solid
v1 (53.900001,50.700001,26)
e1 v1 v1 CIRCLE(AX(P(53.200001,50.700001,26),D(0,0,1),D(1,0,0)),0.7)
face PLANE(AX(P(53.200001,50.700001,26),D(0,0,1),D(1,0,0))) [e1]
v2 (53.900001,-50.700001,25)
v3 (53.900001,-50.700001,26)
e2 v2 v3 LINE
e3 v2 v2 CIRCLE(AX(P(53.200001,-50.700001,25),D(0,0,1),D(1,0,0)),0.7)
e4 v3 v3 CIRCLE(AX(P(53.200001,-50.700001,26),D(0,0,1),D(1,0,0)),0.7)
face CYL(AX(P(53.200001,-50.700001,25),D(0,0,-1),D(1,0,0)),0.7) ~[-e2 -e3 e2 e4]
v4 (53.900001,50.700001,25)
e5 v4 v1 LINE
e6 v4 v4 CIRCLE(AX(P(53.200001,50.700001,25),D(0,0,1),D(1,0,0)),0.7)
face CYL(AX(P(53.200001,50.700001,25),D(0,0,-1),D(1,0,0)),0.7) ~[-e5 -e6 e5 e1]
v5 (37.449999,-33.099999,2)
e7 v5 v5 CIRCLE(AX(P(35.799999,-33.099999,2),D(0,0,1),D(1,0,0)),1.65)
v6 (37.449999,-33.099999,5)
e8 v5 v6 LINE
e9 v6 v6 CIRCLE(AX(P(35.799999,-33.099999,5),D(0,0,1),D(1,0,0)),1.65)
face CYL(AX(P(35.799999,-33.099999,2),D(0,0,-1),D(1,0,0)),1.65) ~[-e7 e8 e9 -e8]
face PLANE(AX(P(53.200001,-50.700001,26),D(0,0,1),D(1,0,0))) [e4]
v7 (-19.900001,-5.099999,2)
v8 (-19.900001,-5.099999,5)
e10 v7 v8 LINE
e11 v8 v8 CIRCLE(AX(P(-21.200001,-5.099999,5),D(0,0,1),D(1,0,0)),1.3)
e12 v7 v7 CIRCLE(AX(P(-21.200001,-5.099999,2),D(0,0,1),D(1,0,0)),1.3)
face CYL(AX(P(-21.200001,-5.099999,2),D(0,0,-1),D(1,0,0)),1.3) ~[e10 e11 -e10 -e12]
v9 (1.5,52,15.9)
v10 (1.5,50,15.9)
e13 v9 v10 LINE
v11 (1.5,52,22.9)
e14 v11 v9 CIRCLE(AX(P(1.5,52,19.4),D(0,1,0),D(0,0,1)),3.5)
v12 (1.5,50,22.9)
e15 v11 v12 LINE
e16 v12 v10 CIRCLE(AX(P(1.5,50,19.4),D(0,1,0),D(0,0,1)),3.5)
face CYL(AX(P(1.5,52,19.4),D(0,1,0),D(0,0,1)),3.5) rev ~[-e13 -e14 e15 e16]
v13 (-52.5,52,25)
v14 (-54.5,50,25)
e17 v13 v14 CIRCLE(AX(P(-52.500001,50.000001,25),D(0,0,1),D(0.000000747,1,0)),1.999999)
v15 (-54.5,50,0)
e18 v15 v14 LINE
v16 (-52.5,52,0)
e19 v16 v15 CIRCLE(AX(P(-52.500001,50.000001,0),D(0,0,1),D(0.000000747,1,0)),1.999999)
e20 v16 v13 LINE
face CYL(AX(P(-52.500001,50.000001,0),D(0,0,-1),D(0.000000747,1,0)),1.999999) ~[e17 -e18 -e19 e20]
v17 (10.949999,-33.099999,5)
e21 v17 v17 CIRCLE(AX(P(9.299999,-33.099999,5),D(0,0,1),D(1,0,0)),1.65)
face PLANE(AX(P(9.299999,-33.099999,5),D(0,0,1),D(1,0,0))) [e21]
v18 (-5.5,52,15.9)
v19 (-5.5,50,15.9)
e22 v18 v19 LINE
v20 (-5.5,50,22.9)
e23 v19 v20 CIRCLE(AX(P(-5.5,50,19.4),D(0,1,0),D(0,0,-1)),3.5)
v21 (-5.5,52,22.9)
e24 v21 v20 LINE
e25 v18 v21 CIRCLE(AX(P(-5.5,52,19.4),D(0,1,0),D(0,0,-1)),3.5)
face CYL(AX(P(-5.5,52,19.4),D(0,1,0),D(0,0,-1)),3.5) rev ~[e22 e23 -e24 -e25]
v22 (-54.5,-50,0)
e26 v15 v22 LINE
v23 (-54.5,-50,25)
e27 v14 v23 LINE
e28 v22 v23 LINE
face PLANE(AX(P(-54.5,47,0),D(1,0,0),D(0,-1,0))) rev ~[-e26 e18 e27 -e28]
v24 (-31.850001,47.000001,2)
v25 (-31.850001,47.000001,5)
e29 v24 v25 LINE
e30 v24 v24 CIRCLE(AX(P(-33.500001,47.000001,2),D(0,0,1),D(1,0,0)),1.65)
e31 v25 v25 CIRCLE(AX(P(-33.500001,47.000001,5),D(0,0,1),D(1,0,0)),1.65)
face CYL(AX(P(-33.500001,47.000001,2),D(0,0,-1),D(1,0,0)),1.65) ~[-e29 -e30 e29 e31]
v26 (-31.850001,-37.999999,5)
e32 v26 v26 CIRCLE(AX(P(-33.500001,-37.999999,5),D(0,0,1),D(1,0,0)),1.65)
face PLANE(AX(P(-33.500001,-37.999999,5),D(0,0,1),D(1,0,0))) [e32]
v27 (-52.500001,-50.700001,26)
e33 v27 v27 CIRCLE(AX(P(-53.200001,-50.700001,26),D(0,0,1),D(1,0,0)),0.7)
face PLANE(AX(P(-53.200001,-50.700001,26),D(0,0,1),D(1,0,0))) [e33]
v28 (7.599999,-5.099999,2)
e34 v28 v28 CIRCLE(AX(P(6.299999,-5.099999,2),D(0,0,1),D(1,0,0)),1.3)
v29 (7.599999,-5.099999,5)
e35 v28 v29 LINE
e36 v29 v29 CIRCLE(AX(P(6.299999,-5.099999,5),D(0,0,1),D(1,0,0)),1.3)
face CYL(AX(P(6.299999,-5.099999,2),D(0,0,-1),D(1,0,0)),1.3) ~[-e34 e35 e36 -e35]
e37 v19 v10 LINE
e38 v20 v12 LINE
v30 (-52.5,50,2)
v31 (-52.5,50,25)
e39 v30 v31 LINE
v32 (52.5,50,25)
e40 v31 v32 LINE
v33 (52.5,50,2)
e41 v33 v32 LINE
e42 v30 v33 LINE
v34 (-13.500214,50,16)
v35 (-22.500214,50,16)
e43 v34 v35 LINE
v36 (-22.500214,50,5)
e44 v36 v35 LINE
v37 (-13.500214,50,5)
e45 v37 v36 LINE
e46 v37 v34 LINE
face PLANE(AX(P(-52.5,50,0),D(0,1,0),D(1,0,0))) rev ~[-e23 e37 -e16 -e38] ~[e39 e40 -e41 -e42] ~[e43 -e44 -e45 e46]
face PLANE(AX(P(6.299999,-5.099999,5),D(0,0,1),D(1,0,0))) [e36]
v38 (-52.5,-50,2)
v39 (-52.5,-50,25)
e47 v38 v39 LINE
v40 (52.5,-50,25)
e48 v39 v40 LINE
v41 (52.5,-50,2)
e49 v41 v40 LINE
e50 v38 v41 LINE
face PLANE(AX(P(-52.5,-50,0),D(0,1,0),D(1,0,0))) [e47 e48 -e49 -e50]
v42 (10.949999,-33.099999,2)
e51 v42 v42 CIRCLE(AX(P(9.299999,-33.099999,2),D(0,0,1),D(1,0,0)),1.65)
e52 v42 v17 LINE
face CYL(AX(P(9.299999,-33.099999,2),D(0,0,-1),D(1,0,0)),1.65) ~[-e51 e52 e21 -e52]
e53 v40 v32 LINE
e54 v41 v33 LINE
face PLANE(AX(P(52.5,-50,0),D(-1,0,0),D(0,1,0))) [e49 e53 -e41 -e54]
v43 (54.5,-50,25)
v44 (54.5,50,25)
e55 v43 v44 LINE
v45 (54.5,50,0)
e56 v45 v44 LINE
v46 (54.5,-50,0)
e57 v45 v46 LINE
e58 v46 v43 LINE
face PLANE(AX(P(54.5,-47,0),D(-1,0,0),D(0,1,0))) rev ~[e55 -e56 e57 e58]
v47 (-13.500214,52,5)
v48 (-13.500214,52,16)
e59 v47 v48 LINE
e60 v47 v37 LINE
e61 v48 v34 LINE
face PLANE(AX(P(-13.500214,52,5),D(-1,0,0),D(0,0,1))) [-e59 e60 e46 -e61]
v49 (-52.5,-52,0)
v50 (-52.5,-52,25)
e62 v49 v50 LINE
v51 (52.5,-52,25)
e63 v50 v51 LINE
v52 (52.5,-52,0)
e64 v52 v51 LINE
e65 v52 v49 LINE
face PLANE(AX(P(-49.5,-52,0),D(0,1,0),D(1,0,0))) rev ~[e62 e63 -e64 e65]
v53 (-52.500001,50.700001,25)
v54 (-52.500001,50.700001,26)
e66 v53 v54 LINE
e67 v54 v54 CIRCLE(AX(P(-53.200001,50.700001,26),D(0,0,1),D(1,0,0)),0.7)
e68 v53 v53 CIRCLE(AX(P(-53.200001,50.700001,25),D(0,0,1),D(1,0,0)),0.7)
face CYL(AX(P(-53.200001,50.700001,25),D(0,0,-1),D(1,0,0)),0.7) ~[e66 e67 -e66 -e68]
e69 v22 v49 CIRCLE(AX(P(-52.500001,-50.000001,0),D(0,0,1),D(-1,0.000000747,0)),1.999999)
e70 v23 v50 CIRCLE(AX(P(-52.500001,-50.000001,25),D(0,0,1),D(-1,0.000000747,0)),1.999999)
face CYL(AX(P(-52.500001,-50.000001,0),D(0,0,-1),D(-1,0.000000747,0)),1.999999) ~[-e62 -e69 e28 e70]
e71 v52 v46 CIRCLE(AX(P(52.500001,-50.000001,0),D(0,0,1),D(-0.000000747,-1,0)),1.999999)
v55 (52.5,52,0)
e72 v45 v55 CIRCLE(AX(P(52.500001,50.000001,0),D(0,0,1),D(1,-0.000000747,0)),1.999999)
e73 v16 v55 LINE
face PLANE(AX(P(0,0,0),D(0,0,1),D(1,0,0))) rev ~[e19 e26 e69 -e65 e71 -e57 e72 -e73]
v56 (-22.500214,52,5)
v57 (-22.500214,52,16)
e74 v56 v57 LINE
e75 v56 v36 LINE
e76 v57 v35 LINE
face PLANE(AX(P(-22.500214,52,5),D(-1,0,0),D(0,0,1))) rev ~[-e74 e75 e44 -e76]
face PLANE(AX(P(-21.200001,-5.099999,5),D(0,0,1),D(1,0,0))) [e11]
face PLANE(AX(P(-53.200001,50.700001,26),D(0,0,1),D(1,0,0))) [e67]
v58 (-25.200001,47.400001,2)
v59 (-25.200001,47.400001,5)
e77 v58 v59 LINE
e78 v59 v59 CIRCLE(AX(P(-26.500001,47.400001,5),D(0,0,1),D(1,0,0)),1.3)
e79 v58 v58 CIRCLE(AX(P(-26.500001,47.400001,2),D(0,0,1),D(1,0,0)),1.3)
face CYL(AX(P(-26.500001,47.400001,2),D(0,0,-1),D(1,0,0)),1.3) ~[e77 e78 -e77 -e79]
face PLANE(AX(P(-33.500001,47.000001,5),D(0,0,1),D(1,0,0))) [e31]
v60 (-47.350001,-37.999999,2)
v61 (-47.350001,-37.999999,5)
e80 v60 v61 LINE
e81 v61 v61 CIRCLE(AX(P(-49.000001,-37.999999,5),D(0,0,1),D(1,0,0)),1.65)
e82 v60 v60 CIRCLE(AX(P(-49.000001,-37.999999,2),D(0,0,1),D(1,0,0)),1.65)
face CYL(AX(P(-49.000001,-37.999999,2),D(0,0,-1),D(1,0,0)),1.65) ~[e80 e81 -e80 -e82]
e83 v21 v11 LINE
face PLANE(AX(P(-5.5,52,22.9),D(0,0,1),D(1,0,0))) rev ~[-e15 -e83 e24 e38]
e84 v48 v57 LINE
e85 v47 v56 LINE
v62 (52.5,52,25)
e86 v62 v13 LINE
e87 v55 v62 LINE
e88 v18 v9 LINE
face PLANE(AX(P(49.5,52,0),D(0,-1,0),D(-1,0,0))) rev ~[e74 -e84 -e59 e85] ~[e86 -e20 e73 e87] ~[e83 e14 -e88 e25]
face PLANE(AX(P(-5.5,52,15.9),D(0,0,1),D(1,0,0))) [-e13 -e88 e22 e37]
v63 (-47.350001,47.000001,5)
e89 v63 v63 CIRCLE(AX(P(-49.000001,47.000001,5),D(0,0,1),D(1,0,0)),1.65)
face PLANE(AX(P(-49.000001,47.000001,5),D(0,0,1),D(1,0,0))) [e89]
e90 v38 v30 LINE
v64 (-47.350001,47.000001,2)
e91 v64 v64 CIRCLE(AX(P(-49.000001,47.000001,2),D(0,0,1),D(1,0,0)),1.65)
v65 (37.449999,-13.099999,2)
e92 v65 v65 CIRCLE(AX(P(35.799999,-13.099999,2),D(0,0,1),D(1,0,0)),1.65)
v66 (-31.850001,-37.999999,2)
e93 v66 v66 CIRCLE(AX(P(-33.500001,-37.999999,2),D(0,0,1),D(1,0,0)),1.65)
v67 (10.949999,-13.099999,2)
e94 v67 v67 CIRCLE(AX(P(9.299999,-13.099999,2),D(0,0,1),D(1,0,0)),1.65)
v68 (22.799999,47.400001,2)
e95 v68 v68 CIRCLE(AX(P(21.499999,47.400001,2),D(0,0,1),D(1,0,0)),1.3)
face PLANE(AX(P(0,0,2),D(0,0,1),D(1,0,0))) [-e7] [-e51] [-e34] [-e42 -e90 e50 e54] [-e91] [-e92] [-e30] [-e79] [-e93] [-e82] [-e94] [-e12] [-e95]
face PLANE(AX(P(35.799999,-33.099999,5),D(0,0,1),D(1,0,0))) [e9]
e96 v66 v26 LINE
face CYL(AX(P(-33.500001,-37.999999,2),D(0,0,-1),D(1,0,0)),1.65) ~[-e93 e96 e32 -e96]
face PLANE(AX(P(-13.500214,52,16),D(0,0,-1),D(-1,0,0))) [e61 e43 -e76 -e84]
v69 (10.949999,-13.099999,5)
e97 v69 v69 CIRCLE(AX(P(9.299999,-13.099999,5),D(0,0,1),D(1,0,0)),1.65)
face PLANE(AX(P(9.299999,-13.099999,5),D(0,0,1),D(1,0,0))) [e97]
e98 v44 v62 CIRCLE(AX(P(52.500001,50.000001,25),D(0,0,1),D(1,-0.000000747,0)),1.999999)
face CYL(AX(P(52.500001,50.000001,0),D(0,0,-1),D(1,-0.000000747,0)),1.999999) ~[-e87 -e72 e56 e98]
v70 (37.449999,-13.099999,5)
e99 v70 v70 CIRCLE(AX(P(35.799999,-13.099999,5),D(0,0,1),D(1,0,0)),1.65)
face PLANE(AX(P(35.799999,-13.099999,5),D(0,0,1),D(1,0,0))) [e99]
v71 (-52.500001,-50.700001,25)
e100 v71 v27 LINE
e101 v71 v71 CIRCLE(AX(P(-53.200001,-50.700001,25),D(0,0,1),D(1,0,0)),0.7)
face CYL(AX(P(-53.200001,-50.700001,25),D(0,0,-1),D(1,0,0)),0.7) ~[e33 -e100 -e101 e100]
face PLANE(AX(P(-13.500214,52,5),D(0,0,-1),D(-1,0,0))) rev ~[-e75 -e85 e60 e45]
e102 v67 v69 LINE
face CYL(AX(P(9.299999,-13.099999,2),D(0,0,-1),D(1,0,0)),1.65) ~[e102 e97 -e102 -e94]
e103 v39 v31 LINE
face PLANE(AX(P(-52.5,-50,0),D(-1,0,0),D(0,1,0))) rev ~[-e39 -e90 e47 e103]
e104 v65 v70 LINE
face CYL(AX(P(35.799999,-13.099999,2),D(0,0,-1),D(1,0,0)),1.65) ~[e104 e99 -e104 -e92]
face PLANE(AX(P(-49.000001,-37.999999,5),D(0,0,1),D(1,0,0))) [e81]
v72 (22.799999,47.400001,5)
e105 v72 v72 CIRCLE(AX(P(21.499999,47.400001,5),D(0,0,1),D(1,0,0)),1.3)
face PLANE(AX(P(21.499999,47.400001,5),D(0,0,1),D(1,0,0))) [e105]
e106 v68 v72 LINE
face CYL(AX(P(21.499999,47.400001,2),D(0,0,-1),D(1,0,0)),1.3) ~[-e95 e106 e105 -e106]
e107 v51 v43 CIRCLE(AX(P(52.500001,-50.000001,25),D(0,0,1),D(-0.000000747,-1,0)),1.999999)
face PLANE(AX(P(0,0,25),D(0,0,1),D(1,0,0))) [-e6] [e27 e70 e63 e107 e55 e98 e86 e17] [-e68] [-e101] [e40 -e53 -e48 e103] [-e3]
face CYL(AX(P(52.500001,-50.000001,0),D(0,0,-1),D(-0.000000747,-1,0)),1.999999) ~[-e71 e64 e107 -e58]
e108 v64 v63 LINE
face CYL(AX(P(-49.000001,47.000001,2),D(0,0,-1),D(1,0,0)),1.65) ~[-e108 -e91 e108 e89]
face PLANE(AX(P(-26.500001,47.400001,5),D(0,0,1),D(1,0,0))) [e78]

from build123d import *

# Parameters (mm, degrees)
SKETCH_W        = 105
SKETCH_H        = 100
PAD_DEPTH       = 25
PAD001_DEPTH    = 2
SKETCH003_W     = 9
SKETCH003_H     = 11
POCKET_DEPTH    = 5
POCKET001_DEPTH = 2
SKETCH007_R     = 0.7
PAD006_DEPTH    = 1
PAD007_DEPTH    = 2
SKETCH005_R     = 1.3
SKETCH005_R_2   = 1.65
PAD008_DEPTH    = 3


with BuildPart() as part:
    # Sketch → Pad (new body)
    with BuildSketch(Plane.XY):
        with BuildLine():
            Line((-54.5, 50), (-54.5, -50))
            ThreePointArc((-54.5, -50), (-53.914214, -51.414214), (-52.5, -52))
            Line((-52.5, -52), (52.5, -52))
            ThreePointArc((52.5, -52), (53.914214, -51.414214), (54.5, -50))
            Line((54.5, -50), (54.5, 50))
            ThreePointArc((54.5, 50), (53.914214, 51.414214), (52.5, 52))
            Line((52.5, 52), (-52.5, 52))
            ThreePointArc((-52.5, 52), (-53.914214, 51.414214), (-54.5, 50))
        make_face()
        Rectangle(SKETCH_W, SKETCH_H, mode=Mode.SUBTRACT)
    extrude(amount=PAD_DEPTH)

    # Sketch001 → Pad001 (join)
    with BuildSketch(Plane.XY):
        with BuildLine():
            Line((-54.5, 47), (-54.5, -47))
            ThreePointArc((-54.5, -47), (-53.035534, -50.535534), (-49.5, -52))
            Line((-49.5, -52), (49.5, -52))
            ThreePointArc((49.5, -52), (53.035534, -50.535534), (54.5, -47))
            Line((54.5, -47), (54.5, 47))
            ThreePointArc((54.5, 47), (53.035534, 50.535534), (49.5, 52))
            Line((49.5, 52), (-49.5, 52))
            ThreePointArc((-49.5, 52), (-53.035534, 50.535534), (-54.5, 47))
        make_face()
    extrude(amount=PAD001_DEPTH)

    # Sketch003 (on Face13 of Pad001) → Pocket (cut)
    with BuildSketch(Plane(origin=(0, 52, 0), x_dir=(-1, 0, 0), z_dir=(0, 1, 0))):
        with Locations((18.000214, 10.5)):
            Rectangle(SKETCH003_W, SKETCH003_H)
    extrude(amount=-POCKET_DEPTH, mode=Mode.SUBTRACT)

    # Sketch004 (on Face8 of Pocket) → Pocket001 (cut)
    with BuildSketch(Plane(origin=(0, 52, 0), x_dir=(-1, 0, 0), z_dir=(0, 1, 0))):
        with BuildLine():
            ThreePointArc((5.5, 15.9), (9, 19.4), (5.5, 22.9))
            Line((5.5, 22.9), (-1.5, 22.9))
            ThreePointArc((-1.5, 22.9), (-5, 19.4), (-1.5, 15.9))
            Line((5.5, 15.9), (-1.5, 15.9))
        make_face()
    extrude(amount=-POCKET001_DEPTH, mode=Mode.SUBTRACT)

    # Sketch007 → Pad006 (join)
    with BuildSketch(Plane.XY.offset(25)):
        with Locations((53.200001, 50.700001)):
            Circle(SKETCH007_R)
        with Locations((-53.200001, 50.700001)):
            Circle(SKETCH007_R)
        with Locations((-53.200001, -50.700001)):
            Circle(SKETCH007_R)
        with Locations((53.200001, -50.700001)):
            Circle(SKETCH007_R)
    extrude(amount=PAD006_DEPTH)

    # Sketch001 → Pad007 (join)
    with BuildSketch(Plane.XY):
        with BuildLine():
            Line((-54.5, 47), (-54.5, -47))
            ThreePointArc((-54.5, -47), (-53.035534, -50.535534), (-49.5, -52))
            Line((-49.5, -52), (49.5, -52))
            ThreePointArc((49.5, -52), (53.035534, -50.535534), (54.5, -47))
            Line((54.5, -47), (54.5, 47))
            ThreePointArc((54.5, 47), (53.035534, 50.535534), (49.5, 52))
            Line((49.5, 52), (-49.5, 52))
            ThreePointArc((-49.5, 52), (-53.035534, 50.535534), (-54.5, 47))
        make_face()
    extrude(amount=PAD007_DEPTH)

    # Sketch005 (on Face23 of Pocket001) → Pad008 (join)
    with BuildSketch(Plane.XY.offset(2)):
        with Locations((-26.500001, 47.400001)):
            Circle(SKETCH005_R)
        with Locations((-33.500001, 47.000001)):
            Circle(SKETCH005_R_2)
        with Locations((-49.000001, 47.000001)):
            Circle(SKETCH005_R_2)
        with Locations((-49.000001, -37.999999)):
            Circle(SKETCH005_R_2)
        with Locations((-33.500001, -37.999999)):
            Circle(SKETCH005_R_2)
        with Locations((21.499999, 47.400001)):
            Circle(SKETCH005_R)
        with Locations((-21.200001, -5.099999)):
            Circle(SKETCH005_R)
        with Locations((6.299999, -5.099999)):
            Circle(SKETCH005_R)
        with Locations((9.299999, -13.099999)):
            Circle(SKETCH005_R_2)
        with Locations((35.799999, -13.099999)):
            Circle(SKETCH005_R_2)
        with Locations((9.299999, -33.099999)):
            Circle(SKETCH005_R_2)
        with Locations((35.799999, -33.099999)):
            Circle(SKETCH005_R_2)
    extrude(amount=PAD008_DEPTH)


solid = part.part
